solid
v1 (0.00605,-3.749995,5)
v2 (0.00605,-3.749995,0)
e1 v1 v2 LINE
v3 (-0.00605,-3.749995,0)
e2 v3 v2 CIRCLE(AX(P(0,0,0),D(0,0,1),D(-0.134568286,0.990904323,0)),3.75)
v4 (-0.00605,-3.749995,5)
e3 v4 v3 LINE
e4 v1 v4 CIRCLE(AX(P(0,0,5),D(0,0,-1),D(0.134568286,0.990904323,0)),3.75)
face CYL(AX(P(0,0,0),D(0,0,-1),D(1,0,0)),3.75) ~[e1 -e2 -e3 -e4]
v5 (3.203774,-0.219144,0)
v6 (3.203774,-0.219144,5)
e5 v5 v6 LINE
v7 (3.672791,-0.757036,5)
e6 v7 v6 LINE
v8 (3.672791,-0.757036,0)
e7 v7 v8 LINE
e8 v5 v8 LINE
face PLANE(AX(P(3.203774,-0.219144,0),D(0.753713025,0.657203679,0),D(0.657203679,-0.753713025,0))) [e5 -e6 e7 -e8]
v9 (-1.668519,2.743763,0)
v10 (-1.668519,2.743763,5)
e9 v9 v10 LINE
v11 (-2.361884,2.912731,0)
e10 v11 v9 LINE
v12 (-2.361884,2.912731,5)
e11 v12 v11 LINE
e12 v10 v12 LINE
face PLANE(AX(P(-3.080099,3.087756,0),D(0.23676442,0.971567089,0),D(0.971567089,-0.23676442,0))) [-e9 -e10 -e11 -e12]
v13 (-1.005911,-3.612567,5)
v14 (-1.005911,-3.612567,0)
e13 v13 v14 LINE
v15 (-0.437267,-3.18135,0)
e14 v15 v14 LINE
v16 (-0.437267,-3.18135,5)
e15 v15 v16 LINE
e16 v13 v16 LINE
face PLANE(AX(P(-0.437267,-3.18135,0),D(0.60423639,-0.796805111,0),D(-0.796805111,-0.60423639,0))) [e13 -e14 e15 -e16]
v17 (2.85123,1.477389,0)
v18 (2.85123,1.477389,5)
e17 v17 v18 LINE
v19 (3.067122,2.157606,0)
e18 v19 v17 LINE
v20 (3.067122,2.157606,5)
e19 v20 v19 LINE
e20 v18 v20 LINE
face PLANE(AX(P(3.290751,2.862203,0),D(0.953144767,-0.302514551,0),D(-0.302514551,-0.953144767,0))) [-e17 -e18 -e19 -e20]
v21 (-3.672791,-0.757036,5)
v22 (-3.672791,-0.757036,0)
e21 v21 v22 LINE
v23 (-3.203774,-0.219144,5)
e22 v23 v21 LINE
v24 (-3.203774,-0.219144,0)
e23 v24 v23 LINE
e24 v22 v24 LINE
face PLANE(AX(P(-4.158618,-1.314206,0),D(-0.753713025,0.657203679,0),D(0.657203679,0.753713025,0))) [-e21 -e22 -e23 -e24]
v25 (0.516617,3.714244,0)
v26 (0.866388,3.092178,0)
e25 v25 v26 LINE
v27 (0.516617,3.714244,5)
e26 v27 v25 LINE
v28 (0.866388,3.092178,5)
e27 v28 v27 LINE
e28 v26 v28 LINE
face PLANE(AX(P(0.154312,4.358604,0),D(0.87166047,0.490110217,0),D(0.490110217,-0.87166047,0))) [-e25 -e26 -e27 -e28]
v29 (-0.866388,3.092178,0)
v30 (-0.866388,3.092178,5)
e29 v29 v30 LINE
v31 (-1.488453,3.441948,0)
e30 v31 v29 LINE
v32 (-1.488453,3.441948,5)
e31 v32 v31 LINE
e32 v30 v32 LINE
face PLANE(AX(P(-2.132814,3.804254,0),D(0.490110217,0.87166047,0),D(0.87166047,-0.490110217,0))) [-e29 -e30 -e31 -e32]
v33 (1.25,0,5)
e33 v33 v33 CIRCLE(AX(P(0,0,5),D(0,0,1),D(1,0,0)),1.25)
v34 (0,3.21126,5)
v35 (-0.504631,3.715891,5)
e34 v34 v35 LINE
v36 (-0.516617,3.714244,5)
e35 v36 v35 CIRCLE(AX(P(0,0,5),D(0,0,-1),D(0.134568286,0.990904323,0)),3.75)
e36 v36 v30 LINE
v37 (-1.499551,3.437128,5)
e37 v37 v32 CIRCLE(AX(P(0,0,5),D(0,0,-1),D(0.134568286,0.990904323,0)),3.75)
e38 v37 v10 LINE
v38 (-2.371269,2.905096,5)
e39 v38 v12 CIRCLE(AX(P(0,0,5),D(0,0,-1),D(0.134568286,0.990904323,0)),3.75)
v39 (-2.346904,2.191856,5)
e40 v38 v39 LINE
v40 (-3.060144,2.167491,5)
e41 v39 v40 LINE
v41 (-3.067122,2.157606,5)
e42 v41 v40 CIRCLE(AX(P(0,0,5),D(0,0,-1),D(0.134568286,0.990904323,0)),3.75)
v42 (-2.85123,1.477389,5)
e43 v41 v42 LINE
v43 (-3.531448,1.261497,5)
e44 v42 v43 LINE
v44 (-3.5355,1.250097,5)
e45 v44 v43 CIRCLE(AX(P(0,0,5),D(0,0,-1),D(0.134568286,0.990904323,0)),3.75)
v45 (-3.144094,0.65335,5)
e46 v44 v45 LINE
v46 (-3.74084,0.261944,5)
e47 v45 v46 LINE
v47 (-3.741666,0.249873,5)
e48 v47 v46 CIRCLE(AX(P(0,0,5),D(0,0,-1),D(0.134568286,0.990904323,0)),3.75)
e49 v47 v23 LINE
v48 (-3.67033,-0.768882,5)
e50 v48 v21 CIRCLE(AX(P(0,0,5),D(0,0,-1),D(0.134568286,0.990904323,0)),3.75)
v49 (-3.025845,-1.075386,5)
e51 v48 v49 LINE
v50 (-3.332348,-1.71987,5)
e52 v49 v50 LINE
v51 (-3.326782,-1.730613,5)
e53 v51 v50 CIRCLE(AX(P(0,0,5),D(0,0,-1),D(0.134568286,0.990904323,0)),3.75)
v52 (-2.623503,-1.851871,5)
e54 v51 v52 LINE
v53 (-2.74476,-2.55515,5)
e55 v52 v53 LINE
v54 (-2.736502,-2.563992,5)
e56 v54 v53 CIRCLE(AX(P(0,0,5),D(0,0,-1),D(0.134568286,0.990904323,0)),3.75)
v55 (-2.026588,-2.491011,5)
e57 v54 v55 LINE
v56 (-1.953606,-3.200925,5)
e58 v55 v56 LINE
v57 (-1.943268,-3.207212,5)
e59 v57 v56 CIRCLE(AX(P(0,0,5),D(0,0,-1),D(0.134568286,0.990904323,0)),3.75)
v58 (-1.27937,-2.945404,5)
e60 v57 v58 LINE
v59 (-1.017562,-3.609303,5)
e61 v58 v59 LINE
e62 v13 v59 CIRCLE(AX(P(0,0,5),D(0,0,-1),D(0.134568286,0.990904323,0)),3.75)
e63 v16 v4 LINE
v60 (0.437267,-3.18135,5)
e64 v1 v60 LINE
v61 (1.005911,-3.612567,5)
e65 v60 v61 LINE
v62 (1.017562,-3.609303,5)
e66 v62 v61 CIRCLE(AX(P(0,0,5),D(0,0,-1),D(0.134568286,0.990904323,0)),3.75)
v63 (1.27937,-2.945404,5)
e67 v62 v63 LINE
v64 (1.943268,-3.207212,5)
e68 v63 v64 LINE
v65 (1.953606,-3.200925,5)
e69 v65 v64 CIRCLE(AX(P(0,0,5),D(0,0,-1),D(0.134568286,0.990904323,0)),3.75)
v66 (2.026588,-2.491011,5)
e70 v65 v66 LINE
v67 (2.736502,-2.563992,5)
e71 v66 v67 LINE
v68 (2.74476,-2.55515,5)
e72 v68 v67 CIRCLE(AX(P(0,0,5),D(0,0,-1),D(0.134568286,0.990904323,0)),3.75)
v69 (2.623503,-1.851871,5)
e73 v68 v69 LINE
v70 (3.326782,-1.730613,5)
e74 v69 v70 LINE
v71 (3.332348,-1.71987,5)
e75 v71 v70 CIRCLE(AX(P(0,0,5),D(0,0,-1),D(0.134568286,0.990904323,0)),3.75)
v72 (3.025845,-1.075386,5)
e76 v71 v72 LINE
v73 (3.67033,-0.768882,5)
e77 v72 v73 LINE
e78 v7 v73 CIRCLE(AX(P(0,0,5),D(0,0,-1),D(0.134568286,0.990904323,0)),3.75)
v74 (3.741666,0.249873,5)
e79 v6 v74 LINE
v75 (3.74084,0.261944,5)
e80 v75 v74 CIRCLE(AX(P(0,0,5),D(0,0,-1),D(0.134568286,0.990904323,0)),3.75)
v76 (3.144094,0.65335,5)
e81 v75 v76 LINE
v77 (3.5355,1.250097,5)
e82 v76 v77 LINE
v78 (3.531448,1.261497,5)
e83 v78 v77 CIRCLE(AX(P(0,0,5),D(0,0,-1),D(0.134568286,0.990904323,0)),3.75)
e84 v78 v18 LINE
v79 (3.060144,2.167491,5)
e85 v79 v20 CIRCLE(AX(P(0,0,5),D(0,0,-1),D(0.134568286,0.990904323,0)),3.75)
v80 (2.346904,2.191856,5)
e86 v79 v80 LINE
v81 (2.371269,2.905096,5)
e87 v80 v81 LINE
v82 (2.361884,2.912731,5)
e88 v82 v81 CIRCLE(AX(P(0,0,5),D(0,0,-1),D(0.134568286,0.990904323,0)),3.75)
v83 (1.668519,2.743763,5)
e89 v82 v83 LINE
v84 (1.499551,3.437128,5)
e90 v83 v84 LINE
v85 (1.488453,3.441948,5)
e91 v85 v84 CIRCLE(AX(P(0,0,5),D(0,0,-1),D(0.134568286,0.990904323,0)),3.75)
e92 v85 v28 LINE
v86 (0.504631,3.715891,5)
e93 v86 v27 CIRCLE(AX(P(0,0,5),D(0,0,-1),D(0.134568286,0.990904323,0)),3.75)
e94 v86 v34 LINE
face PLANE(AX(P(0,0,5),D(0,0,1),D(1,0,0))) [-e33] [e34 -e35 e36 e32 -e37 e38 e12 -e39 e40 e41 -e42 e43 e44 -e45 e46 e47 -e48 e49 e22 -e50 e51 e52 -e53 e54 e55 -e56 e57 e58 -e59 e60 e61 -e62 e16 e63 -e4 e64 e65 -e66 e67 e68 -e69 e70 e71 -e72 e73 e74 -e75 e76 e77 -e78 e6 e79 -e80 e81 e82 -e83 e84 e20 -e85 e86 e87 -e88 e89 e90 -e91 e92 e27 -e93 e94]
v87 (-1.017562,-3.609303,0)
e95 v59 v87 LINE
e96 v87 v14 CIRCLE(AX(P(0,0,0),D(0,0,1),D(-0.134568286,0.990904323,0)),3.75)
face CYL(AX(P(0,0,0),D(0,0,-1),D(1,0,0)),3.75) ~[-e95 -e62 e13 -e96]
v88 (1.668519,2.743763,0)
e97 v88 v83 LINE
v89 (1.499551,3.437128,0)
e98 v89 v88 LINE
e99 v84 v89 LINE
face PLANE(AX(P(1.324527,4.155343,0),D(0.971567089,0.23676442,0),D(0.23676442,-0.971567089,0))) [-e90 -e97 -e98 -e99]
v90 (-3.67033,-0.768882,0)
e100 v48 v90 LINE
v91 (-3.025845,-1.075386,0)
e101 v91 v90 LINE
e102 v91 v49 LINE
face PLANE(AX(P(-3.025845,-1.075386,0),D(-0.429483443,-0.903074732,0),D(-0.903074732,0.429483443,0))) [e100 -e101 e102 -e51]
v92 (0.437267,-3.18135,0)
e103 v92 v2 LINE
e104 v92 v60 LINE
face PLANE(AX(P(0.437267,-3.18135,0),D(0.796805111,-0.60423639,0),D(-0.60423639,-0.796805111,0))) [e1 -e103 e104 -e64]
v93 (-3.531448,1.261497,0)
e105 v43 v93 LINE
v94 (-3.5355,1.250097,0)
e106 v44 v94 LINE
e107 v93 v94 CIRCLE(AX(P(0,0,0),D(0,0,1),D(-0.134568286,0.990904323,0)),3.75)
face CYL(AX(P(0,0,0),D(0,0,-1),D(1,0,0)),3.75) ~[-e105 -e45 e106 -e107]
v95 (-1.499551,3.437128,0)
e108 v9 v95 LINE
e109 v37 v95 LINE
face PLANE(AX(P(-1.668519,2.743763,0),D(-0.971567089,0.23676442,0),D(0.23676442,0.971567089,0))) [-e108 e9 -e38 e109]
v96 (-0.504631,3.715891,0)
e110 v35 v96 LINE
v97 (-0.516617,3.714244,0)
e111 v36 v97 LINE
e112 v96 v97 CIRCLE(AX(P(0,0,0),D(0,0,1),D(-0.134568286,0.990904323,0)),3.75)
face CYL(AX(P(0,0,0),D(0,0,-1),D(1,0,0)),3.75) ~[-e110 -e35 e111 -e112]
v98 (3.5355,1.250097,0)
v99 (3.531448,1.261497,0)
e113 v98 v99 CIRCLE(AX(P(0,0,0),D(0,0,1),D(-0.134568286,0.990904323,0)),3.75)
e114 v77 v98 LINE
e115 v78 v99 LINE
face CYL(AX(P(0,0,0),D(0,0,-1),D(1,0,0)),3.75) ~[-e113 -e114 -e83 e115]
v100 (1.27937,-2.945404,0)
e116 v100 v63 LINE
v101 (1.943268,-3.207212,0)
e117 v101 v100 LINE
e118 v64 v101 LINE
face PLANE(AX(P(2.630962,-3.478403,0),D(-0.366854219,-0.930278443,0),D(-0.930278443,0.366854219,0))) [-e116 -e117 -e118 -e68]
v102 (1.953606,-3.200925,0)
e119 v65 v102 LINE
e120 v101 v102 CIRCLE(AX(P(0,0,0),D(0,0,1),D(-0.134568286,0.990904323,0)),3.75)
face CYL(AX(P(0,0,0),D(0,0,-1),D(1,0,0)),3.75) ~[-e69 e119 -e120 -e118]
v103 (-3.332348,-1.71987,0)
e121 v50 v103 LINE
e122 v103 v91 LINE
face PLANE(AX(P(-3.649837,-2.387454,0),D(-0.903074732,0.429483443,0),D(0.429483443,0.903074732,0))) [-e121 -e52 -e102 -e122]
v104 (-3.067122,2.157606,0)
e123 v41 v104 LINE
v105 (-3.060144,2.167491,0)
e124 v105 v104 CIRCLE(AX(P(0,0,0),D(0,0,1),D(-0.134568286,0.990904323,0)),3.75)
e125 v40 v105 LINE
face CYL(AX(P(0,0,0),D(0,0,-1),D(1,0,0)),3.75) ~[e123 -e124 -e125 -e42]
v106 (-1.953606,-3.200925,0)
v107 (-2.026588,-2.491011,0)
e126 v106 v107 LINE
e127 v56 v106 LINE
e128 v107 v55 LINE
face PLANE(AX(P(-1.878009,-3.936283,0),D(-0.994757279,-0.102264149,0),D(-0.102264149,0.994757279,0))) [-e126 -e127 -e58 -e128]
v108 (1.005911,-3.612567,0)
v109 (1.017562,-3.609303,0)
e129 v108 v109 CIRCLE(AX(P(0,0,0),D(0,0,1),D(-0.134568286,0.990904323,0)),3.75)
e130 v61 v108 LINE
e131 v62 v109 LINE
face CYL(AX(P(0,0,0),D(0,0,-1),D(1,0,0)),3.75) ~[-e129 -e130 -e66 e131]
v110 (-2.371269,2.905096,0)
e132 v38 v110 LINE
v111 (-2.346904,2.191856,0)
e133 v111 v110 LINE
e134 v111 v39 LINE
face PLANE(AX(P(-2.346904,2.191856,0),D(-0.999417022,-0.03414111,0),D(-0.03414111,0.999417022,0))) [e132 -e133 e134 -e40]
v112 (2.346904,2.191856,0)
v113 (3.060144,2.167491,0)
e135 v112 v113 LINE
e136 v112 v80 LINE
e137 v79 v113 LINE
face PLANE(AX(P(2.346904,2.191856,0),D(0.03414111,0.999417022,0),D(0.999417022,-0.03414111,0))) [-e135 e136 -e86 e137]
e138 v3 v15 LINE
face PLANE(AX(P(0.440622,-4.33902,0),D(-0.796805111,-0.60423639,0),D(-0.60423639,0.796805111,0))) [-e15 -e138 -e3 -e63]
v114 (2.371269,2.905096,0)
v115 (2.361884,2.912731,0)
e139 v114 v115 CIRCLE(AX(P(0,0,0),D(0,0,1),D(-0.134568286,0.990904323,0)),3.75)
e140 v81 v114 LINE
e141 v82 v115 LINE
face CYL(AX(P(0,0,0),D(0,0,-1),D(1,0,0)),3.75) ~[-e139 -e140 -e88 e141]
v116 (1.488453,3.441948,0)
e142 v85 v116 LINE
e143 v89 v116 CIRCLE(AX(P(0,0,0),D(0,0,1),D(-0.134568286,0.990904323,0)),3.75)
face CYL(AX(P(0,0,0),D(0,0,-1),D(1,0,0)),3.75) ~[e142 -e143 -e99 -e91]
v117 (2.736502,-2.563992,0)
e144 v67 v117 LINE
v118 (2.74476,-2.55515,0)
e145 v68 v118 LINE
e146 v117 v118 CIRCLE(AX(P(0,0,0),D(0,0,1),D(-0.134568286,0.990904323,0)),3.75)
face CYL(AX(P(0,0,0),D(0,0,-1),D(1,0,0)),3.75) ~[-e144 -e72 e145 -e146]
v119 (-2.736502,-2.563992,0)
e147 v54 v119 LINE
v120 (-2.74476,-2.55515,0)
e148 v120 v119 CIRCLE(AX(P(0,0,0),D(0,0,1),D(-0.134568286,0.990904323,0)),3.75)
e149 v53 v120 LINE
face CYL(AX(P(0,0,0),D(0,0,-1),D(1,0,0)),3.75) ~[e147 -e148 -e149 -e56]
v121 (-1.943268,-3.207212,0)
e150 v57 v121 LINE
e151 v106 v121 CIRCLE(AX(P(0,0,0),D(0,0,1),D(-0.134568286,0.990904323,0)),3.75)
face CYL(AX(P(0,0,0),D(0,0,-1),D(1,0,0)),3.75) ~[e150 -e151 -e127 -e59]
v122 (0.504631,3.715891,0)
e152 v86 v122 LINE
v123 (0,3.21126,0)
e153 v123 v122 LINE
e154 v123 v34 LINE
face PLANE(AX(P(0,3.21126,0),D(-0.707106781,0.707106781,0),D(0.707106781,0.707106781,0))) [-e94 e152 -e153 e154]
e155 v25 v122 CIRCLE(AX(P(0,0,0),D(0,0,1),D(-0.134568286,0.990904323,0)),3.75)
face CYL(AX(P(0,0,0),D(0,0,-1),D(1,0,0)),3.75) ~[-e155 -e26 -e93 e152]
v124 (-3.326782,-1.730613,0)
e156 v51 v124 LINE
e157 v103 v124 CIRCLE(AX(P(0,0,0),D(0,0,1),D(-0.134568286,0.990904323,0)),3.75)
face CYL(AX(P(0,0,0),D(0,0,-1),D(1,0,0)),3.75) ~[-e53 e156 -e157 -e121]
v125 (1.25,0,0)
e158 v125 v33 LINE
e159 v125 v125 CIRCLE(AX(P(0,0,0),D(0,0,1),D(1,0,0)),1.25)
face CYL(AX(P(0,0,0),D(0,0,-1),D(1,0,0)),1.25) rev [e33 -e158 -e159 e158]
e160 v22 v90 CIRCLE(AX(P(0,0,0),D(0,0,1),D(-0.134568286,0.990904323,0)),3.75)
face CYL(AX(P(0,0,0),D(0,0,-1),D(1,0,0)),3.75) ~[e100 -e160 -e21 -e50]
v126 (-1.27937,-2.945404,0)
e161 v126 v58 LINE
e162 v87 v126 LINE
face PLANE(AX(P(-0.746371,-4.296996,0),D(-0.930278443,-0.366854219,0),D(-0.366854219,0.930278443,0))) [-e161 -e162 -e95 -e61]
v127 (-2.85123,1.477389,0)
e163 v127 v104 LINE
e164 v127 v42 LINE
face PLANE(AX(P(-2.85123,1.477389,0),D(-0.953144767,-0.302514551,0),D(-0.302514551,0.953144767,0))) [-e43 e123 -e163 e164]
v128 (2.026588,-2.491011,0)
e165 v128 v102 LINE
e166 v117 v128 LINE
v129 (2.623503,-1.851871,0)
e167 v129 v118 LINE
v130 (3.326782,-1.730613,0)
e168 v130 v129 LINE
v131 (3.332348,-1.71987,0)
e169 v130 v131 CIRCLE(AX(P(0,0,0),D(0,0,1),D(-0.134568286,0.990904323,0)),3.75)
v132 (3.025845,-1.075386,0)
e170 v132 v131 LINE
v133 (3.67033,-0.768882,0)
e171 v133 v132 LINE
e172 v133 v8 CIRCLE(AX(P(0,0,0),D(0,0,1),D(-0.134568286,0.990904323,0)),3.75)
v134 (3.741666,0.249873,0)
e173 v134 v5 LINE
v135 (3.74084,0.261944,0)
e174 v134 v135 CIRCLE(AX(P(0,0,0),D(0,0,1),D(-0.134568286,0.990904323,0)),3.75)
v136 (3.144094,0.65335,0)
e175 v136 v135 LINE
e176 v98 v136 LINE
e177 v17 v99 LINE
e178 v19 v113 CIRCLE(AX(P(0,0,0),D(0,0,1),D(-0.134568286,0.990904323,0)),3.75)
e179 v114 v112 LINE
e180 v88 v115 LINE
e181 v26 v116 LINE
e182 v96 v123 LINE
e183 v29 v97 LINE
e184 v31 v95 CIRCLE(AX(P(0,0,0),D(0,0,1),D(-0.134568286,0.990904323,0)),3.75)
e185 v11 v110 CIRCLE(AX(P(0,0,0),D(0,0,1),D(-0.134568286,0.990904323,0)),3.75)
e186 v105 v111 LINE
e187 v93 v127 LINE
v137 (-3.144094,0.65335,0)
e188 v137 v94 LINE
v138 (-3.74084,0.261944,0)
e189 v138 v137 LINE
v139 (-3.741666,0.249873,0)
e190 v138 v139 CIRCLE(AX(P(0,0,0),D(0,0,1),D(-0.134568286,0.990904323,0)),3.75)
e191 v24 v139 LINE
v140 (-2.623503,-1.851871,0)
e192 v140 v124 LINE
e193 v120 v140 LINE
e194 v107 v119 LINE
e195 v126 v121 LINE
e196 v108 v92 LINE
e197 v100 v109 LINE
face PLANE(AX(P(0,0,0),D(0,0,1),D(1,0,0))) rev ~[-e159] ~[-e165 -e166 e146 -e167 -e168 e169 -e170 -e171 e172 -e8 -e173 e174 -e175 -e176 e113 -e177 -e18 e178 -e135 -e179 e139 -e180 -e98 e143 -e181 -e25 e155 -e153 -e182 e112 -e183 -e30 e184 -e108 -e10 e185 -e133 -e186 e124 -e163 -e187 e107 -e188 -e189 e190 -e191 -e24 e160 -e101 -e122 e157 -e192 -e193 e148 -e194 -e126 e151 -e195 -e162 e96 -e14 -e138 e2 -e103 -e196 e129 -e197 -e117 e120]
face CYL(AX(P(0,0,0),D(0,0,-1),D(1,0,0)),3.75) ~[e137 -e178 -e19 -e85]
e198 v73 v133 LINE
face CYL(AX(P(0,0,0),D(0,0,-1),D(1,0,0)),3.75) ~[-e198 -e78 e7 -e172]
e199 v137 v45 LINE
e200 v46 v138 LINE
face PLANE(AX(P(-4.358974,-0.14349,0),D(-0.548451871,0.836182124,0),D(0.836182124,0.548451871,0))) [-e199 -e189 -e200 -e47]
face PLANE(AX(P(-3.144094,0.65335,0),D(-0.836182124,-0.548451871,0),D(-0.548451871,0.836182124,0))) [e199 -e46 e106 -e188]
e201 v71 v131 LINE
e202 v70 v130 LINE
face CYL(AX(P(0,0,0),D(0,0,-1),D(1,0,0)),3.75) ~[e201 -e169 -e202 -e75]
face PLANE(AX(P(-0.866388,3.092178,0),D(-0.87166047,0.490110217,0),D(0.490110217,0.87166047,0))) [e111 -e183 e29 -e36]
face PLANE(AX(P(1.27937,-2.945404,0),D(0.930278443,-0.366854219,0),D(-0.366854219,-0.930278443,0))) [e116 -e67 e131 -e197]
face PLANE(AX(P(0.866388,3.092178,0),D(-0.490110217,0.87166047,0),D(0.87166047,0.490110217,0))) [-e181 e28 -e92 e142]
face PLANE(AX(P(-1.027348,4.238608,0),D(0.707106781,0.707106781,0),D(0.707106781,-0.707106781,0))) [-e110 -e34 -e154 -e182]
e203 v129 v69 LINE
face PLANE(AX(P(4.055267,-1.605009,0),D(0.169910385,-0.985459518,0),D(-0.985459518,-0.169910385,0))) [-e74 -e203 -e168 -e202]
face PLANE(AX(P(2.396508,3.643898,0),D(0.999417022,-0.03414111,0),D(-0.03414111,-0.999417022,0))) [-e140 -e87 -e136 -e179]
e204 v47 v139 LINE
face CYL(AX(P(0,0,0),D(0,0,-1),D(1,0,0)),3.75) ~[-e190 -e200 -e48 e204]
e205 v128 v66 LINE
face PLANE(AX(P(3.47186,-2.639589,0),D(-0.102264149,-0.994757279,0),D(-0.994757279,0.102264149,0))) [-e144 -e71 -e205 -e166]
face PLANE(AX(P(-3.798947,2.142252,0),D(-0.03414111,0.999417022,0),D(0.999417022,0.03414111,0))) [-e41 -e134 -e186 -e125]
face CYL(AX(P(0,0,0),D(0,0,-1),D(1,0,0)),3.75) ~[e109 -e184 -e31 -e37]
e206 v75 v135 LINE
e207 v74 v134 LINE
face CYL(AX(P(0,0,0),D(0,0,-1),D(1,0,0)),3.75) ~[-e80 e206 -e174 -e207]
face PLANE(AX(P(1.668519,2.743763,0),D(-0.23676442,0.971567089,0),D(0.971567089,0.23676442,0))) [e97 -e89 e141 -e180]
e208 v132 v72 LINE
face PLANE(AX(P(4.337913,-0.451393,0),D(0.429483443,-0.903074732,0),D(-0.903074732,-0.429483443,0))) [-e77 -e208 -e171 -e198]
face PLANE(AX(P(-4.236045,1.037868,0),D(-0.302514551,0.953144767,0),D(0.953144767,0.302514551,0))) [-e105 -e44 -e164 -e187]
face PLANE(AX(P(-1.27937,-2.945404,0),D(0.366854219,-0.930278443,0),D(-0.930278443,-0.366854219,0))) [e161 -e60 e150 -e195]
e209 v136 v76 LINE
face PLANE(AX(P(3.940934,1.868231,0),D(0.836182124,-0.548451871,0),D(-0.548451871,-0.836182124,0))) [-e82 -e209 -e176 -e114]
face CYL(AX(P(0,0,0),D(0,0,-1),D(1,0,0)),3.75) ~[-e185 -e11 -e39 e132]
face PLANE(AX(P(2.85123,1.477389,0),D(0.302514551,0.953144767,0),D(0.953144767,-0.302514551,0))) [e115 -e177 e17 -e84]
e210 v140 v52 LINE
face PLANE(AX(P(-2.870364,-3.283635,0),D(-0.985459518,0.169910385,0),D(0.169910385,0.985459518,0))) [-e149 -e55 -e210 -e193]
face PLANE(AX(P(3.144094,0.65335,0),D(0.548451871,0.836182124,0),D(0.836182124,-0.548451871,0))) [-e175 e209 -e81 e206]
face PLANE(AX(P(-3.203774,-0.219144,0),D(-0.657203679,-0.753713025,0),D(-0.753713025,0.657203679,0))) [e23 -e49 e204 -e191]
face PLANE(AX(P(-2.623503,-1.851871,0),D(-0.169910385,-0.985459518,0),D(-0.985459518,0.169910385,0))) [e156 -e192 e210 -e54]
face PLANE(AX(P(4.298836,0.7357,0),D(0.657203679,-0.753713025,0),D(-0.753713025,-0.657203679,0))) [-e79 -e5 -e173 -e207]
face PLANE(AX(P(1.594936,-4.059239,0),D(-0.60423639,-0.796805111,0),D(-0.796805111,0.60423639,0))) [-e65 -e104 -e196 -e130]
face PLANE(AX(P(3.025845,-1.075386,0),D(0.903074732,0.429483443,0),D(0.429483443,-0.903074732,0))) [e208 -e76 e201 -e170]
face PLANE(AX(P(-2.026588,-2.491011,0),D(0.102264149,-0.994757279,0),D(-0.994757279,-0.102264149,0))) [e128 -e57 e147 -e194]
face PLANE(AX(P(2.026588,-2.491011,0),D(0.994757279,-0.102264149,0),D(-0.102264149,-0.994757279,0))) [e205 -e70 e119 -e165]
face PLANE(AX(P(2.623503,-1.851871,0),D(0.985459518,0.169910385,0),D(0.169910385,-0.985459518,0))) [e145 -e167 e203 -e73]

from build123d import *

# Parameters (mm, degrees)
SKETCH1_R           = 3.75
SKETCH1_R_2         = 1.25
BOSS_EXTRUDE1_DEPTH = 5
CUT_EXTRUDE1_DEPTH  = 8.288689869
CIRPATTERN1_COUNT   = 23


with BuildPart() as part:
    # Sketch1 → Boss-Extrude1 (new body)
    with BuildSketch(Plane.XY):
        Circle(SKETCH1_R)
        Circle(SKETCH1_R_2, mode=Mode.SUBTRACT)
    extrude(amount=BOSS_EXTRUDE1_DEPTH)

    # Sketch2 → Cut-Extrude1 (cut, through all)
    with BuildSketch(Plane.XY):
        Polygon((0, 3.211260138), (1.027348171, 4.238608309), (-1.027348171, 4.238608309), align=None)
    cut_extrude1 = extrude(amount=CUT_EXTRUDE1_DEPTH, mode=Mode.SUBTRACT)

    # CirPattern1: Cut-Extrude1 ×23 about axis
    cirpattern1_axis = Axis((0, 0, 0), (0, 0, 1))
    for i in range(1, CIRPATTERN1_COUNT):
        add(cut_extrude1.rotate(cirpattern1_axis, i * 360 / CIRPATTERN1_COUNT), mode=Mode.SUBTRACT)


solid = part.part
